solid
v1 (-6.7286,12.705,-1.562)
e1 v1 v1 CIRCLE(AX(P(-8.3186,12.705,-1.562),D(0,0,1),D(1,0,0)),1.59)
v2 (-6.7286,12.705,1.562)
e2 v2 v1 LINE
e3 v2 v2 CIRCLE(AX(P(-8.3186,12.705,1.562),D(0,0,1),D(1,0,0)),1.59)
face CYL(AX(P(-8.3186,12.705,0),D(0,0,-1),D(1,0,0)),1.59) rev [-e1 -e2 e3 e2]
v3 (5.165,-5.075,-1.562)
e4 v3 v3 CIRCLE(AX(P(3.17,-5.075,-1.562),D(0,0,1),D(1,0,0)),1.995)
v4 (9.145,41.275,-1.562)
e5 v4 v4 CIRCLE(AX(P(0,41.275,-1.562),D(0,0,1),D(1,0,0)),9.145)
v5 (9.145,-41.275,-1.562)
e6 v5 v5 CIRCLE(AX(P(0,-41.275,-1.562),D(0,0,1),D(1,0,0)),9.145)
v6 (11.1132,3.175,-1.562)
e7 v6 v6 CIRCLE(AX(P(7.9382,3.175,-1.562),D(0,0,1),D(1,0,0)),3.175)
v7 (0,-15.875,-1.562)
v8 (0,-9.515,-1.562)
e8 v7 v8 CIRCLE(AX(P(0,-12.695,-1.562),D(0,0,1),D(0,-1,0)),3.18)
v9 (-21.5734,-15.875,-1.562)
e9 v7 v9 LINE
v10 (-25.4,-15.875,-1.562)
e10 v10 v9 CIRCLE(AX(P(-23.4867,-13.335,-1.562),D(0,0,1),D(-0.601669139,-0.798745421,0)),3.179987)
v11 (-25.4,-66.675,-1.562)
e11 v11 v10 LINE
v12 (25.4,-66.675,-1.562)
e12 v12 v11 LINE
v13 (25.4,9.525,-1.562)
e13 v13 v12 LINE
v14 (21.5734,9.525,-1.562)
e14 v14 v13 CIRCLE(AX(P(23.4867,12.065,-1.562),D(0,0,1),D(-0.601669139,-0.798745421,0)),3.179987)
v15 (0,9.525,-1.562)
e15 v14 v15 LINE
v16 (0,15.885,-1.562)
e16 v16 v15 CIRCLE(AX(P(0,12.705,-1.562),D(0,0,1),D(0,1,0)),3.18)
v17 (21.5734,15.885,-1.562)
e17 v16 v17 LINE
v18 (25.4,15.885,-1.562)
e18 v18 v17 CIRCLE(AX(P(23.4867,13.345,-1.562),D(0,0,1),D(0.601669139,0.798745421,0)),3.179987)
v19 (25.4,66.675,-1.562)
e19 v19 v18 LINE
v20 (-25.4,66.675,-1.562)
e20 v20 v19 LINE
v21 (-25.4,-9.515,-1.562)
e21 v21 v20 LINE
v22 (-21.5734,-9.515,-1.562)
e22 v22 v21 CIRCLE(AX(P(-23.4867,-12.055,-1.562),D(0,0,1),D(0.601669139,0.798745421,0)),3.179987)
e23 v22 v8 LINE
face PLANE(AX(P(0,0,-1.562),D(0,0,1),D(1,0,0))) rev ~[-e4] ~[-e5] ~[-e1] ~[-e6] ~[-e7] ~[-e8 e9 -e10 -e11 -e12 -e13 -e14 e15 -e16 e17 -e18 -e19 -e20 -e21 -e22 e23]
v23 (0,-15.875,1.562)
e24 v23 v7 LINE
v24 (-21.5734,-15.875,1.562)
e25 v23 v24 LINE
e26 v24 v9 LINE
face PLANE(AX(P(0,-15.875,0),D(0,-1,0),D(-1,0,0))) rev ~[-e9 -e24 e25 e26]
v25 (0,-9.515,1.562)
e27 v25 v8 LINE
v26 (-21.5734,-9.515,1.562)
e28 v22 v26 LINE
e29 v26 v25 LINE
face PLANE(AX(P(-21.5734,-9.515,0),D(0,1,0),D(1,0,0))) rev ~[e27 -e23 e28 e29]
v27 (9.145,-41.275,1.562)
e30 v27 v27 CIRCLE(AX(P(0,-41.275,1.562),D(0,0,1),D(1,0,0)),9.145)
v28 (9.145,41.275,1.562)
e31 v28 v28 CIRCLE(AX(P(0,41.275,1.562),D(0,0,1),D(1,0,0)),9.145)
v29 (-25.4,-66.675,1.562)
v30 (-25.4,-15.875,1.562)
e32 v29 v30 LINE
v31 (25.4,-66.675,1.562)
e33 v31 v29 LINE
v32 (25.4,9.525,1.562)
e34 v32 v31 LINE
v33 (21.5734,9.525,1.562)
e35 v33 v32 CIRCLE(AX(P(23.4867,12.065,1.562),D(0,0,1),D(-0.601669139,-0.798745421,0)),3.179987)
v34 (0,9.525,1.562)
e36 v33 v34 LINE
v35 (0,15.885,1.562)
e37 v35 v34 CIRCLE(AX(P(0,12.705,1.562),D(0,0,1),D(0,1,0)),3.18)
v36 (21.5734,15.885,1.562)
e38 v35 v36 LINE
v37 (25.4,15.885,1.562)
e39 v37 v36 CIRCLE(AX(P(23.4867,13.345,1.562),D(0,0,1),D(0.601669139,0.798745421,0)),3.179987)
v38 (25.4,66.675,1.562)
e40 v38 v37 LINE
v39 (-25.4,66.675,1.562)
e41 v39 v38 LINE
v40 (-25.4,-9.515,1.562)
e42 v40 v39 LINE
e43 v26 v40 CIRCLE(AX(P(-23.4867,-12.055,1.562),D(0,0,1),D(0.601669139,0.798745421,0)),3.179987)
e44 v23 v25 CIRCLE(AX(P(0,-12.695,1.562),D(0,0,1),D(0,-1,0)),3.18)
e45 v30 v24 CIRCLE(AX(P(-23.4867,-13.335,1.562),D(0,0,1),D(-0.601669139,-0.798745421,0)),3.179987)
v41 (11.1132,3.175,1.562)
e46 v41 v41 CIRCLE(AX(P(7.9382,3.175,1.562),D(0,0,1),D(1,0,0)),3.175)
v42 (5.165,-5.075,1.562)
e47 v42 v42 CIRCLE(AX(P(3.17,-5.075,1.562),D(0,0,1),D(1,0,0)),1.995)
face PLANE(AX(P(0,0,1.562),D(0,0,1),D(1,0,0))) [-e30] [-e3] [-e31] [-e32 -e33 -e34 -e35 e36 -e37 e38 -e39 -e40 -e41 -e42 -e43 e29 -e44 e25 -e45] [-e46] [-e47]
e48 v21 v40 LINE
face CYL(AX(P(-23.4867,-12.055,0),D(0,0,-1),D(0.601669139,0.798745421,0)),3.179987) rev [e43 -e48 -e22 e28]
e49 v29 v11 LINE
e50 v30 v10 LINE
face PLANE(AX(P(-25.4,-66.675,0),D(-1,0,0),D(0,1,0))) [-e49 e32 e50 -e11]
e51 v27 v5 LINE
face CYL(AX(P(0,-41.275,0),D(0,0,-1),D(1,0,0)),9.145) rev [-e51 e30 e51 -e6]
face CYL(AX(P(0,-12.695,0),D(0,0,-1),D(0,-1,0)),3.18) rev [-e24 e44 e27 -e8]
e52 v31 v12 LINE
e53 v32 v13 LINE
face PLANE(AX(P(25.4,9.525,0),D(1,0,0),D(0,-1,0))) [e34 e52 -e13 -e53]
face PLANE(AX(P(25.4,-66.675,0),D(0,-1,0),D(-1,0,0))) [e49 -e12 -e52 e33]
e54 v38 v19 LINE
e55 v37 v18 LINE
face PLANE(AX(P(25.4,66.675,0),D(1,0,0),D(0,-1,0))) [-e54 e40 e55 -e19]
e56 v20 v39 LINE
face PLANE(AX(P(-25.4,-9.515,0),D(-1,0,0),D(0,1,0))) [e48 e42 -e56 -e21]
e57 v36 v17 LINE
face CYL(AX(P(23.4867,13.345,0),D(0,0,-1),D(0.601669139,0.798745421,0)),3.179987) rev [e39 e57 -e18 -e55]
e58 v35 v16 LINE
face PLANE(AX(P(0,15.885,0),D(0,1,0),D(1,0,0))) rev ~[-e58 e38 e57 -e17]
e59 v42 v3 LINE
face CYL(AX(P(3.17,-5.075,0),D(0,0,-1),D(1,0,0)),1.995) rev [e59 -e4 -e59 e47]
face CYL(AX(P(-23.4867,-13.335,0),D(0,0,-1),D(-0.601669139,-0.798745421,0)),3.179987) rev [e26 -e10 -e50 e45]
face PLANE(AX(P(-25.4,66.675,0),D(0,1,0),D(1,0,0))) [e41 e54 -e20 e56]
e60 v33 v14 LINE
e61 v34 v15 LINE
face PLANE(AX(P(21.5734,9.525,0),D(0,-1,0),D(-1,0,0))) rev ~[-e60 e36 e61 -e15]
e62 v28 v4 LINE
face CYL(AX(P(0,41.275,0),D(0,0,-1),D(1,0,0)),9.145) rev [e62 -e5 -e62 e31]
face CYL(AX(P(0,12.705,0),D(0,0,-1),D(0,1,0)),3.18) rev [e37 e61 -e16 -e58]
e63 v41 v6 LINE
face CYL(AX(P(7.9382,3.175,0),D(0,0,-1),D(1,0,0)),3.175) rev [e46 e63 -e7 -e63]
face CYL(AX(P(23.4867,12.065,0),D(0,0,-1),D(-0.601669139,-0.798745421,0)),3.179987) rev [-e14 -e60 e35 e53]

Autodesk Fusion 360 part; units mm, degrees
sketch "Sketch1" plane through (0, 0, 0) normal (0, 0, 1) x (1, 0, 0)
  line L0 (-25.4, 66.675) -> (25.4, 66.675)
  line L1 (25.4, -66.675) -> (-25.4, -66.675)
  circle A0 centre (-8.3186, 12.705) radius 1.59
  circle A1 centre (7.9382, 3.175) radius 3.175
  circle A2 centre (3.17, -5.075) radius 1.995
  arc A3 (-21.5734, -9.515) -> (-25.4, -9.515) centre (-23.4867, -12.055) ccw
  arc A4 (-25.4, -15.875) -> (-21.5734, -15.875) centre (-23.4867, -13.335) ccw
  line L2 (-21.5734, -9.515) -> (0, -9.515)
  arc A5 (0, -15.875) -> (0, -9.515) centre (0, -12.695) ccw
  line L3 (0, -15.875) -> (-21.5734, -15.875)
  line L4 (-25.4, -66.675) -> (-25.4, -15.875)
  line L5 (-25.4, -9.515) -> (-25.4, 66.675)
  arc A6 (25.4, 15.885) -> (21.5734, 15.885) centre (23.4867, 13.345) ccw
  arc A7 (21.5734, 9.525) -> (25.4, 9.525) centre (23.4867, 12.065) ccw
  line L6 (21.5734, 9.525) -> (0, 9.525)
  arc A8 (0, 15.885) -> (0, 9.525) centre (0, 12.705) ccw
  line L7 (0, 15.885) -> (21.5734, 15.885)
  line L8 (25.4, 66.675) -> (25.4, 15.885)
  line L9 (25.4, 9.525) -> (25.4, -66.675)
  line L10 (0, 66.675) -> (0, -66.675) construction
  line L11 (-60, 0) -> (90, 0) construction
  circle A9 centre (0, 41.275) radius 9.145
  circle A10 centre (0, -41.275) radius 9.145
  line L12 (-8.3186, 12.705) -> (0, 12.705) construction
  line L13 (-23.4867, -12.055) -> (-23.4867, -13.335) construction
  line L14 (0, -12.695) -> (-23.4867, -12.695) construction
  line L15 (23.4867, 13.345) -> (23.4867, 12.065) construction
  line L16 (0, 12.705) -> (23.4867, 12.705) construction
  line L17 (-25.4, -9.515) -> (-21.5734, -9.515) construction
  line L18 (21.5734, 15.885) -> (25.4, 15.885) construction
  dimension "d1" = 133.35
  dimension "d2" = 50.8
  dimension "d3" = 3.18
  dimension "d4" = 6.35
  dimension "d5" = 3.99
  dimension "d6" = 3.18
  dimension "d7" = 18.29
  dimension "d8" = 25.4
  dimension "d9" = 25.4
  dimension "d10" = 3.18
  dimension "d11" = 3.18
  dimension "d12" = 53.98
  dimension "d13" = 79.38
  dimension "d14" = 61.6
  dimension "d15" = 69.85
  dimension "d16" = 17.4618
  dimension "d17" = 22.23
  dimension "d18" = 33.7186
  dimension "d19" = 0.64
  dimension "d20" = 0.64
  dimension "d21" = 66.675
extrude "Extrude1" add sketch "Sketch1" along normal mid plane 3.124
